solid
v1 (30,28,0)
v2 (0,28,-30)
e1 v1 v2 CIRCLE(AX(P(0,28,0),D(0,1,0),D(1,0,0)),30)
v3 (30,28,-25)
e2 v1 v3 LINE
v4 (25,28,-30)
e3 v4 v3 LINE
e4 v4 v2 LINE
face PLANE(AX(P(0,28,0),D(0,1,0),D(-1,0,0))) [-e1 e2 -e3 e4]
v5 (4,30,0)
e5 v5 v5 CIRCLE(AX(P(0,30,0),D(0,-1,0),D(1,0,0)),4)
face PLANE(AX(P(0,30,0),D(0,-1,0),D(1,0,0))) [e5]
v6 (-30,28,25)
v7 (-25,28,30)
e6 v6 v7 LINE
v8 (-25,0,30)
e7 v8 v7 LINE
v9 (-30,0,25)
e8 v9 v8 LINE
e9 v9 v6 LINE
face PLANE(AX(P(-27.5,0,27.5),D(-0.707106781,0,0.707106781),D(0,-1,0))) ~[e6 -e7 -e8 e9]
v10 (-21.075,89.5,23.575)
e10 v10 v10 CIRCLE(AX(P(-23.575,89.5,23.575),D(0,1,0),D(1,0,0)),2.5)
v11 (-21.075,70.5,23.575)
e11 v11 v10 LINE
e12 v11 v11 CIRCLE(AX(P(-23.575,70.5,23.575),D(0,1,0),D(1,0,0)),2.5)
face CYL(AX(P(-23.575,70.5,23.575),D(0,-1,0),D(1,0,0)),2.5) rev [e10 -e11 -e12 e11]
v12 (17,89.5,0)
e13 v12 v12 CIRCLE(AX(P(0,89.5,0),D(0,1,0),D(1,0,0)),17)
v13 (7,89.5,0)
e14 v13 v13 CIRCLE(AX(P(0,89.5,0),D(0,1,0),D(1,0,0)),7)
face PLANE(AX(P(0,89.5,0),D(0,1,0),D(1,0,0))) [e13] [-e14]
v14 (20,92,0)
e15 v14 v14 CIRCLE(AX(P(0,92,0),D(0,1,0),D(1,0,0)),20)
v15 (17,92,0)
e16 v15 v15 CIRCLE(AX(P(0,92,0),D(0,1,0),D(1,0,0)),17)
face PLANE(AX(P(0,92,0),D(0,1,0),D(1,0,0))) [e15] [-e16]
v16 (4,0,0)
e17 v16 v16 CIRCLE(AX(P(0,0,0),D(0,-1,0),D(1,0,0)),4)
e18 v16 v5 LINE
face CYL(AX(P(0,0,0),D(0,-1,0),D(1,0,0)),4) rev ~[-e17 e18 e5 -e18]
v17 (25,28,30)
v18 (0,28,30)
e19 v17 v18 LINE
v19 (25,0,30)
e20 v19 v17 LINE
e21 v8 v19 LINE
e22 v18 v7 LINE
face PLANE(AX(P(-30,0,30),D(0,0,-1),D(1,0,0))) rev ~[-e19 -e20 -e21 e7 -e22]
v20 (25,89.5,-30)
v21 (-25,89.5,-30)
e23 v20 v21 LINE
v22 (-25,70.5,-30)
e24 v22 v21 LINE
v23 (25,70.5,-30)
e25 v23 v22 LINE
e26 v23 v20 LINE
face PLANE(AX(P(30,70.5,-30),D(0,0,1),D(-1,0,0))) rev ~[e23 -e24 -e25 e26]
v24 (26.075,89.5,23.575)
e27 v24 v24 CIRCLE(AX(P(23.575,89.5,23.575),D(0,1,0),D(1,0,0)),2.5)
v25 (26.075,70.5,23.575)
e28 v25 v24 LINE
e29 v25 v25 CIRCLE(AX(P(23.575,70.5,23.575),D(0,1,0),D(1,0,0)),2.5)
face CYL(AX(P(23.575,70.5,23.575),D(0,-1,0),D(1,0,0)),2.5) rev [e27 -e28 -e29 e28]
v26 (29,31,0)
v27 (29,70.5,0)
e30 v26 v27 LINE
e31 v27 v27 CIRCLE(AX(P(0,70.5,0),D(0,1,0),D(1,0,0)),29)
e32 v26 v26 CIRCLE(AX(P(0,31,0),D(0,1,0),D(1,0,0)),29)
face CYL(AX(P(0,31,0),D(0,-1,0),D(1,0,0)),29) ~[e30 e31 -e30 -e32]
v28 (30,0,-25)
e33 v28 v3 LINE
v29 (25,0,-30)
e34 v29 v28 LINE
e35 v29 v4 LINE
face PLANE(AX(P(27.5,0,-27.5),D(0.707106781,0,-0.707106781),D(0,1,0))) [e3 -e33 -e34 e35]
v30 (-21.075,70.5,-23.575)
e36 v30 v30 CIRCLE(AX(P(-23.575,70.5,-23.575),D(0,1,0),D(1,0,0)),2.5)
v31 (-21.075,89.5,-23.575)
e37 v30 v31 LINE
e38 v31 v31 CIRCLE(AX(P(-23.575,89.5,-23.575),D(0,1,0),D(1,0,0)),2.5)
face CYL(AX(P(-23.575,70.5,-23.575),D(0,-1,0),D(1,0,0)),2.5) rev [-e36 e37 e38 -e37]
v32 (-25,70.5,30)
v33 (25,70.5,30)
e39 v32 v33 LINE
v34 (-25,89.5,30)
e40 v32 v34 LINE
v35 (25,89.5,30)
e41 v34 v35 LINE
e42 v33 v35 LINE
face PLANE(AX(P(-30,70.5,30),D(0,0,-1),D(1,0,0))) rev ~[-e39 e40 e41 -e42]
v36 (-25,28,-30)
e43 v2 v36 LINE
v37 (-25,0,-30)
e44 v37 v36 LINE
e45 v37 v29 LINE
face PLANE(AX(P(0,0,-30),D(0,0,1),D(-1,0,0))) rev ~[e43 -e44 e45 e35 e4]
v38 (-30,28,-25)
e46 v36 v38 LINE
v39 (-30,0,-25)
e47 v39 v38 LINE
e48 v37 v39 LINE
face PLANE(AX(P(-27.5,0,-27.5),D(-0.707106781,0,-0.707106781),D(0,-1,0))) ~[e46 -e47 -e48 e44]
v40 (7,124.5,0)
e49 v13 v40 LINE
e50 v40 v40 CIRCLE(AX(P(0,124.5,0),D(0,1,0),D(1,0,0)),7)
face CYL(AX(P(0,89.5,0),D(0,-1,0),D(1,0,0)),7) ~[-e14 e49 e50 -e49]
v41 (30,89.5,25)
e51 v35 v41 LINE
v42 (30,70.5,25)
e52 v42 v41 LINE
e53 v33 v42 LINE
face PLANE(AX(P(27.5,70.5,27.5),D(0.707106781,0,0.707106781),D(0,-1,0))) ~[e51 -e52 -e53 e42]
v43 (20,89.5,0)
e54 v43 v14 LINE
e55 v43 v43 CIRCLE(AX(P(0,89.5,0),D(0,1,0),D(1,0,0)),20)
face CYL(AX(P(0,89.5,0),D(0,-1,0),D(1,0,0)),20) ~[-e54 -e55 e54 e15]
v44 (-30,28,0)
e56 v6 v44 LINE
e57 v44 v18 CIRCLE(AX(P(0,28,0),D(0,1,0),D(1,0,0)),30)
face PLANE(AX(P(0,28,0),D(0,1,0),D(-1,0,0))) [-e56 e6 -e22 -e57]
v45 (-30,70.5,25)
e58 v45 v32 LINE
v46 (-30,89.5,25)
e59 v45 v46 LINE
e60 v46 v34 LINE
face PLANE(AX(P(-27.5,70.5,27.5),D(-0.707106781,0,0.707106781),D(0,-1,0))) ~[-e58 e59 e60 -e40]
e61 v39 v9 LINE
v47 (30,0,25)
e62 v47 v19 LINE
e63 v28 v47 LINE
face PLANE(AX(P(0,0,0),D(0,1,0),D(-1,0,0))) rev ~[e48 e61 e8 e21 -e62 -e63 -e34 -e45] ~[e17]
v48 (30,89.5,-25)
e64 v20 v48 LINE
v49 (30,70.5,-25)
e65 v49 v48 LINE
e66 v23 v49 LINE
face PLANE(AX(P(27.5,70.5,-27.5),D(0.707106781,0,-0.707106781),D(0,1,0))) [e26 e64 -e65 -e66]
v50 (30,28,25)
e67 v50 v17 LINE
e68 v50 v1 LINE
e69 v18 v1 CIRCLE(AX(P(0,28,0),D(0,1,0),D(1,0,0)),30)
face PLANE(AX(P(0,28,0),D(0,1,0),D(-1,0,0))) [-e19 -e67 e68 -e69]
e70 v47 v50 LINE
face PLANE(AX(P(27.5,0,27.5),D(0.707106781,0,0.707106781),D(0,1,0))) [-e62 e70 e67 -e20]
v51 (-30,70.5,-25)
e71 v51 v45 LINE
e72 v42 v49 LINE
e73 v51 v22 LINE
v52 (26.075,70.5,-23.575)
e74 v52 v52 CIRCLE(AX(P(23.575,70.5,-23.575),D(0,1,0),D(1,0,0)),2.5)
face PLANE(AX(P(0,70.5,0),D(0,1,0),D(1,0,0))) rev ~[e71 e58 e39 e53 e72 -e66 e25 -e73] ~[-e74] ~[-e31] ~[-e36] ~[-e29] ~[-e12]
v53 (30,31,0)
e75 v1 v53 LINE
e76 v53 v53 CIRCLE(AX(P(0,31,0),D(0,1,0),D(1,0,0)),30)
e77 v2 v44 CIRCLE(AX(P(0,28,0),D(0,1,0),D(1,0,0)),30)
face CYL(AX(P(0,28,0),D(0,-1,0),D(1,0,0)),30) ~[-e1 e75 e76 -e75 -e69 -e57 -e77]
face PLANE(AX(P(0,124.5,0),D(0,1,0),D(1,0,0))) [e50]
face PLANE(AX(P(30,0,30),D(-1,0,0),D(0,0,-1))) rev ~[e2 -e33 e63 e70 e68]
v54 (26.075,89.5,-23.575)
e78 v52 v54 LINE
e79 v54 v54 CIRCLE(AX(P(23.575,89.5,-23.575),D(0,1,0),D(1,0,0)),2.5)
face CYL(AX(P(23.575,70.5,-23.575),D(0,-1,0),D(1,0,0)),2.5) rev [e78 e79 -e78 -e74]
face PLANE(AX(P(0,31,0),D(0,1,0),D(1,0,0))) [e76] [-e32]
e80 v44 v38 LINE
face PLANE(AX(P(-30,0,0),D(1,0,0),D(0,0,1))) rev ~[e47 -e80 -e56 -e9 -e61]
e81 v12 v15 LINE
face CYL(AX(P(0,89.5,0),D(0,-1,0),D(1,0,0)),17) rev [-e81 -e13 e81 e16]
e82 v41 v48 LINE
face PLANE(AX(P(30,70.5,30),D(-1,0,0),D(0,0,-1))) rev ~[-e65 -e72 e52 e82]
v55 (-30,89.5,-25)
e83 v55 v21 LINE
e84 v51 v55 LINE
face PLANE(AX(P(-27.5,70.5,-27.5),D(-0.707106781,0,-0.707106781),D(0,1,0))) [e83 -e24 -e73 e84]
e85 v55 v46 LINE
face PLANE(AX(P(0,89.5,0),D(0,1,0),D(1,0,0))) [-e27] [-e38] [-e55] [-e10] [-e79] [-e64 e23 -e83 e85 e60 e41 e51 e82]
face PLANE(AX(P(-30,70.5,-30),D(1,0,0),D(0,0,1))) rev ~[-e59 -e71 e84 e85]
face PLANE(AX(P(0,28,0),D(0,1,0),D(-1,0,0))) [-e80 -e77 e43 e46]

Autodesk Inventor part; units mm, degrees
ref_plane "YZ Plane" through (0, 0, 0) normal (1, 0, 0) x (0, 1, 0)
ref_plane "XZ Plane" through (0, 0, 0) normal (0, 1, 0) x (-1, 0, 0)
ref_plane "XY Plane" through (0, 0, 0) normal (0, 0, 1) x (1, 0, 0)
sketch "Sketch1" plane through (0, 0, 0) normal (0, 1, 0) x (-1, 0, 0)
  line L0 (30, 30) -> (-30, 30)
  line L1 (-30, 30) -> (-30, -30)
  line L2 (-30, -30) -> (30, -30)
  line L3 (30, -30) -> (30, 30)
  line L4 (30, 30) -> (-30, -30) construction
  line L5 (-30, 30) -> (30, -30) construction
  circle A0 centre (0, 0) radius 29
  circle A1 centre (0, 0) radius 30
  point P0 (0, 0)
  dimension "d0" = 60
  dimension "d1" = 60
  dimension "d2" = 58
extrude "Extrusion1" add sketch "Sketch1" along normal blind 28 contours L3 A1 L0 | A1 L1 L0 | A1 | L3 L2 A1 | A1 L2 L1 | A0
sketch "Sketch2" plane through (0, 28, 0) normal (0, 1, 0) x (1, 0, 0)
  circle A0 centre (0, 0) radius 30
extrude "Extrusion2" add sketch "Sketch2" along normal blind 3
sketch "Sketch3" plane through (0, 31, 0) normal (0, 1, 0) x (1, 0, 0)
  circle A0 centre (0, 0) radius 29
  dimension "d7" = 58
extrude "Extrusion3" add sketch "Sketch3" along normal blind 39.5
sketch "Sketch4" plane through (0, 70.5, 0) normal (0, 1, 0) x (1, 0, 0)
  line L0 (-30, -30) -> (30, -30) projected
  line L1 (30, -30) -> (30, 30) projected
  line L2 (-30, -30) -> (30, -30)
  line L3 (30, -30) -> (30, 30)
  line L4 (30, 30) -> (-30, 30)
  line L5 (-30, 30) -> (-30, -30)
  line L6 (30, 30) -> (-30, 30) construction
  line L7 (-30, -30) -> (30, 30) construction
  line L8 (30, -30) -> (-30, 30) construction
  circle A0 centre (-23.575, -23.575) radius 2.5
  circle A1 centre (-23.575, 23.575) radius 2.5
  circle A2 centre (23.575, 23.575) radius 2.5
  circle A3 centre (23.575, -23.575) radius 2.5
  line L9 (-23.575, -23.575) -> (-23.575, 23.575) construction
  point P0 (0, 0)
  dimension "d10" = 5
  dimension "d11" = 5
  dimension "d12" = 47.15
  dimension "d13" = 5
  dimension "d14" = 5
  dimension "d15" = 47.15
  dimension "d16" = 47.15
  dimension "d17" = 47.15
sketch "Sketch5" plane through (-30, 0, 30) normal (0, 0, 1) x (1, 0, 0)
  line L0 (0, 0) -> (0, 28) construction
  line L1 (0, 70.5) -> (0, 0) construction
  line L2 (59, 70.5) -> (1, 70.5) projected
  point P0 (30, 0)
  dimension "d21" = 70.5
extrude "Extrusion4" add sketch "Sketch4" along normal blind 19
sketch "Sketch6" plane through (0, 89.5, 0) normal (0, 1, 0) x (1, 0, 0)
  circle A0 centre (0, 0) radius 20
  circle A1 centre (0, 0) radius 17
  circle A2 centre (0, 0) radius 7
  dimension "d22" = 14
  dimension "d23" = 40
  dimension "d24" = 3
extrude "Extrusion5" add sketch "Sketch6" along normal blind 2.5 contours A0
sketch "Sketch7" plane through (0, 89.5, 0) normal (0, 1, 0) x (1, 0, 0)
  circle A0 centre (0, 0) radius 7
  dimension "d27" = 14
extrude "Extrusion6" add sketch "Sketch7" along normal blind 35
chamfer "Chamfer1" distance 5 angle 45 8 edges at (-30, 80, 30) (30, 80, 30) (-30, 14, 30) (30, 14, 30) (30, 80, -30) (-30, 80, -30) (-30, 14, -30) (30, 14, -30)
sketch "Sketch8" plane through (0, 0, 0) normal (0, -1, 0) x (1, 0, 0)
  circle A0 centre (0, 0) radius 4
  dimension "d33" = 8
extrude "Extrusion7" cut sketch "Sketch8" against normal blind 30
equation "\"d1\" = d0"
equation "\"d15\" = d12"
equation "\"d16\" = d12"
equation "\"d17\" = d12"
properties part number "Gearbox"
